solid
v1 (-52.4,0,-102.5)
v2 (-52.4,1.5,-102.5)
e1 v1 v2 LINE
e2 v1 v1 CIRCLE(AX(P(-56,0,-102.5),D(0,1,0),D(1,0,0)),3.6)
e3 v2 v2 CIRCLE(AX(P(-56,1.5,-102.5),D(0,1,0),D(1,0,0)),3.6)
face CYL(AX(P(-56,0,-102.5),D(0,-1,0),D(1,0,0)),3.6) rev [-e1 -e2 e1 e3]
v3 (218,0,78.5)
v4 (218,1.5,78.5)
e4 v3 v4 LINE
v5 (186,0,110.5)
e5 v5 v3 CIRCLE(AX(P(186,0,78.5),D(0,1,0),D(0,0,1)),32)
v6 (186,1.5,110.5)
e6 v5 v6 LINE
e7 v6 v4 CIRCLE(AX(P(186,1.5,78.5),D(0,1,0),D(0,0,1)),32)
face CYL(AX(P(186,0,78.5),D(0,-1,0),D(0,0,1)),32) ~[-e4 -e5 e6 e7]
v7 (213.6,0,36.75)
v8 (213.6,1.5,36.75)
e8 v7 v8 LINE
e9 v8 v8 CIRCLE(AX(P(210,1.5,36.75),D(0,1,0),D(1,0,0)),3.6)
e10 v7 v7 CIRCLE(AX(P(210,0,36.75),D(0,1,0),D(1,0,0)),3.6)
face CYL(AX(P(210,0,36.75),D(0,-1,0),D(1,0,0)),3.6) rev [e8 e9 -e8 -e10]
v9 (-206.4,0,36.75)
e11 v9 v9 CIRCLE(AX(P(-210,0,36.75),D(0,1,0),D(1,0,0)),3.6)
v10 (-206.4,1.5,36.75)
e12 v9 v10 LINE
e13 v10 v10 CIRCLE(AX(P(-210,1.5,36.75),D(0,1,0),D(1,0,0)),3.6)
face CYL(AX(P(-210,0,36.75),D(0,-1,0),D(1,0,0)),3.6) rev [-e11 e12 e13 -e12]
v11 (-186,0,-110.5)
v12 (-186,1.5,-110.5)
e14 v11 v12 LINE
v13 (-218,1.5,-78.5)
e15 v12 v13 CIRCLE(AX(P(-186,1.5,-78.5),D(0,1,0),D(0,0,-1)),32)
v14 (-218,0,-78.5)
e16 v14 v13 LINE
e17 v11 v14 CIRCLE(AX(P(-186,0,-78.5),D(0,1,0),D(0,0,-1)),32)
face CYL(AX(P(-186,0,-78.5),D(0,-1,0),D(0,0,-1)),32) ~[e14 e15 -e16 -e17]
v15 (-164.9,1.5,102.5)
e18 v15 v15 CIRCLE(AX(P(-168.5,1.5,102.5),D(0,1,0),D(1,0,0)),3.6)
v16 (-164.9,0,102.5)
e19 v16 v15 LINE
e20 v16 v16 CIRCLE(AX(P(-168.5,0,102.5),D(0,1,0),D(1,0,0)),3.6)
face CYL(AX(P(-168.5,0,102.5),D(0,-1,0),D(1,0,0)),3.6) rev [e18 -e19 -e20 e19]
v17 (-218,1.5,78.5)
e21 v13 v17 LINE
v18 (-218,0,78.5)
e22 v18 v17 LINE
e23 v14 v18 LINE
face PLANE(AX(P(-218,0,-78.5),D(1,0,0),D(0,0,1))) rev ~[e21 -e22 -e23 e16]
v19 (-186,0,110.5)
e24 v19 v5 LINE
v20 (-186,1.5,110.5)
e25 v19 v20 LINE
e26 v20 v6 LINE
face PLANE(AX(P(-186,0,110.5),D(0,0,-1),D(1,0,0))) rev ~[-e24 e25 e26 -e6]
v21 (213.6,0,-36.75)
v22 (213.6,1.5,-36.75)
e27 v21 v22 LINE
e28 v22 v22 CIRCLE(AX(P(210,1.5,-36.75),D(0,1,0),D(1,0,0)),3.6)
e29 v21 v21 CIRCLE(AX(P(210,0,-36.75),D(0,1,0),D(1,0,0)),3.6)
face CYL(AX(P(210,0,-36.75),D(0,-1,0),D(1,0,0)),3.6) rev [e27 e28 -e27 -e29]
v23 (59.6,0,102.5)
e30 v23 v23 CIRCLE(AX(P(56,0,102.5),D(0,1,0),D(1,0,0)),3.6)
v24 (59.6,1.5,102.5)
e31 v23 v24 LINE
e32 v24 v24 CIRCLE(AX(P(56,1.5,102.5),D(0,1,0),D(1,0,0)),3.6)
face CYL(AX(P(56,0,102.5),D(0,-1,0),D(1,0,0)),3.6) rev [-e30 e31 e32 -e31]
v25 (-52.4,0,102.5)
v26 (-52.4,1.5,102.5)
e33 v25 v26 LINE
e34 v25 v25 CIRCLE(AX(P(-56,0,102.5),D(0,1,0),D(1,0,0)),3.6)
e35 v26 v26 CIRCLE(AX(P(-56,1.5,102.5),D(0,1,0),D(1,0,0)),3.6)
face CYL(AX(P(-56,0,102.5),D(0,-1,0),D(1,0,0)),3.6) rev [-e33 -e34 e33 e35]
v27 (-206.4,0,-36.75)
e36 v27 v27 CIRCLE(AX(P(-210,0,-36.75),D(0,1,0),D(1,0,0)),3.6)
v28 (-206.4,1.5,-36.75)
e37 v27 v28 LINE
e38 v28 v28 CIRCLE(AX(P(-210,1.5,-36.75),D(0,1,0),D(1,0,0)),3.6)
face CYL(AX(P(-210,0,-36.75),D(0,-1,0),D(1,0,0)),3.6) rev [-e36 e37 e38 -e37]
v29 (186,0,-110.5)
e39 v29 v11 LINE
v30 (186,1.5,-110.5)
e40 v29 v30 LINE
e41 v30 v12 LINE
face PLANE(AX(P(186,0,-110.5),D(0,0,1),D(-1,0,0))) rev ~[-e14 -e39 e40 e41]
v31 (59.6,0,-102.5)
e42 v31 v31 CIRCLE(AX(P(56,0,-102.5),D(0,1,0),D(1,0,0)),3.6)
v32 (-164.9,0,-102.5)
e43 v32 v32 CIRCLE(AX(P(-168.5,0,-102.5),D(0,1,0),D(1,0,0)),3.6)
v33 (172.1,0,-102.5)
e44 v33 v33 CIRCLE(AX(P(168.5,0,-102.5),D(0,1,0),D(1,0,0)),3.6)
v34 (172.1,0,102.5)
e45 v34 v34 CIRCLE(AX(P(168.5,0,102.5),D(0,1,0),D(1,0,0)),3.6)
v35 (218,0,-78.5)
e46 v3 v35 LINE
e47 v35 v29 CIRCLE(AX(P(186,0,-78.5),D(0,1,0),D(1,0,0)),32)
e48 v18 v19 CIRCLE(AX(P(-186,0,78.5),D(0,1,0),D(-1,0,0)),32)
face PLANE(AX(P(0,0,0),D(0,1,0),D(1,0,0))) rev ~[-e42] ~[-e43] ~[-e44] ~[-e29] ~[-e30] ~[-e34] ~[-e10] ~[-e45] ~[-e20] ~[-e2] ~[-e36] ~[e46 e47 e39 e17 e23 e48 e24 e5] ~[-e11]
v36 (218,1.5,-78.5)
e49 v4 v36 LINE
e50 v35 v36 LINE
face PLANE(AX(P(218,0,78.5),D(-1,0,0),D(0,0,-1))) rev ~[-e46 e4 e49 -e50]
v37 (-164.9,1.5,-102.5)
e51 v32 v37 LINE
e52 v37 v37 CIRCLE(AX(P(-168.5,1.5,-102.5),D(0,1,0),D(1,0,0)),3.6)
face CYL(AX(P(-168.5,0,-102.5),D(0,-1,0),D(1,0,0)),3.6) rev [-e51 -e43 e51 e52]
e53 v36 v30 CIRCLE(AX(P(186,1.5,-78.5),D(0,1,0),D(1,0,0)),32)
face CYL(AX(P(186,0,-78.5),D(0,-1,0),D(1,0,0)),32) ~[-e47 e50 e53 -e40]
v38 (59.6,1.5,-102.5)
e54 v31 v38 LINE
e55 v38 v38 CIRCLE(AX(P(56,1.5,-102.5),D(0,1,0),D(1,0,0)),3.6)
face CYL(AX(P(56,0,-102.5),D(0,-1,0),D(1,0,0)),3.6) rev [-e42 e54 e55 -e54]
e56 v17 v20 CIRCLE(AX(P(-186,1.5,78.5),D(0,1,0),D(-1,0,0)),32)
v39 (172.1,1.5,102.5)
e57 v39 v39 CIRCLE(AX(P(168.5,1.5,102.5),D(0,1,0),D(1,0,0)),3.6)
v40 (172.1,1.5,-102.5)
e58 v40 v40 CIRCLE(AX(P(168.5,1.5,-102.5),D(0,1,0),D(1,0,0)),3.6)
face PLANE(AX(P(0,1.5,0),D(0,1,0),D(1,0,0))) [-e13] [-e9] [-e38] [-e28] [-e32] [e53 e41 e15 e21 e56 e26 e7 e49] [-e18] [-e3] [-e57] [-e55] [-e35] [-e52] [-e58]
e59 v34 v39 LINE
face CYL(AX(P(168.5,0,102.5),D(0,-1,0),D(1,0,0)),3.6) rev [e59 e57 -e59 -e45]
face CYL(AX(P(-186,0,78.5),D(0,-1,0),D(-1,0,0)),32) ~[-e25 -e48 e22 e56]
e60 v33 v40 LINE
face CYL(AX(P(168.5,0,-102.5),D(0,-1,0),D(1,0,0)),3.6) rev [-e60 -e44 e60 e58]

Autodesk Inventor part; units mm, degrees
sketch "Sketch_1" plane through (0, 0, 0) normal (0, 1, 0) x (1, 0, 0)
  arc A0 (-218, -78.5) -> (-186, -110.5) centre (-186, -78.5) ccw
  line L0 (-186, -110.5) -> (186, -110.5)
  arc A1 (186, -110.5) -> (218, -78.5) centre (186, -78.5) ccw
  line L1 (218, -78.5) -> (218, 78.5)
  arc A2 (218, 78.5) -> (186, 110.5) centre (186, 78.5) ccw
  line L2 (186, 110.5) -> (-186, 110.5)
  arc A3 (-186, 110.5) -> (-218, 78.5) centre (-186, 78.5) ccw
  line L3 (-218, 78.5) -> (-218, -78.5)
  circle A4 centre (210, -36.75) radius 3.6
  circle A5 centre (210, 36.75) radius 3.6
  circle A6 centre (168.5, -102.5) radius 3.6
  circle A7 centre (168.5, 102.5) radius 3.6
  circle A8 centre (56, -102.5) radius 3.6
  circle A9 centre (56, 102.5) radius 3.6
  circle A10 centre (-56, -102.5) radius 3.6
  circle A11 centre (-56, 102.5) radius 3.6
  circle A12 centre (-168.5, -102.5) radius 3.6
  circle A13 centre (-168.5, 102.5) radius 3.6
  circle A14 centre (-210, -36.75) radius 3.6
  circle A15 centre (-210, 36.75) radius 3.6
extrude "Extrusion1" add sketch "Sketch_1" along normal blind 1.5
ref_plane "FP_XY" through (0, 0, 0) normal (0, -1, 0) x (1, 0, 0)
ref_plane "FP_YZ" through (0, 0, 0) normal (1, 0, 0) x (0, 0, 1)
ref_plane "FP_ZX" through (0, 0, 0) normal (0, 0, 1) x (0, -1, 0)
ref_plane "to_Bolt_1_XY" through (-210, 0, -36.75) normal (0, 1, 0) x (1, 0, 0)
ref_plane "to_Bolt_1_YZ" through (-210, 0, -36.75) normal (1, 0, 0) x (0, 0, -1)
ref_plane "to_Bolt_1_ZX" through (-210, 0, -36.75) normal (0, 0, -1) x (0, 1, 0)
ref_plane "to_Bolt_1_1_XY" through (-168.5, 0, -102.5) normal (0, 1, 0) x (1, 0, 0)
ref_plane "to_Bolt_1_1_YZ" through (-168.5, 0, -102.5) normal (1, 0, 0) x (0, 0, -1)
ref_plane "to_Bolt_1_1_ZX" through (-168.5, 0, -102.5) normal (0, 0, -1) x (0, 1, 0)
ref_plane "to_Bolt_1_2_XY" through (-56.1667, 0, -102.5) normal (0, 1, 0) x (1, 0, 0)
ref_plane "to_Bolt_1_2_YZ" through (-56.1667, 0, -102.5) normal (1, 0, 0) x (0, 0, -1)
ref_plane "to_Bolt_1_2_ZX" through (-56.1667, 0, -102.5) normal (0, 0, -1) x (0, 1, 0)
ref_plane "to_Bolt_1_3_XY" through (56.1667, 0, -102.5) normal (0, 1, 0) x (1, 0, 0)
ref_plane "to_Bolt_1_3_YZ" through (56.1667, 0, -102.5) normal (1, 0, 0) x (0, 0, -1)
ref_plane "to_Bolt_1_3_ZX" through (56.1667, 0, -102.5) normal (0, 0, -1) x (0, 1, 0)
ref_plane "to_Bolt_1_4_XY" through (168.5, 0, -102.5) normal (0, 1, 0) x (1, 0, 0)
ref_plane "to_Bolt_1_4_YZ" through (168.5, 0, -102.5) normal (1, 0, 0) x (0, 0, -1)
ref_plane "to_Bolt_1_4_ZX" through (168.5, 0, -102.5) normal (0, 0, -1) x (0, 1, 0)
ref_plane "to_Bolt_1_5_XY" through (-168.5, 0, 102.5) normal (0, 1, 0) x (1, 0, 0)
ref_plane "to_Bolt_1_5_YZ" through (-168.5, 0, 102.5) normal (1, 0, 0) x (0, 0, -1)
ref_plane "to_Bolt_1_5_ZX" through (-168.5, 0, 102.5) normal (0, 0, -1) x (0, 1, 0)
ref_plane "to_Bolt_1_6_XY" through (-56.1667, 0, 102.5) normal (0, 1, 0) x (1, 0, 0)
ref_plane "to_Bolt_1_6_YZ" through (-56.1667, 0, 102.5) normal (1, 0, 0) x (0, 0, -1)
ref_plane "to_Bolt_1_6_ZX" through (-56.1667, 0, 102.5) normal (0, 0, -1) x (0, 1, 0)
ref_plane "to_Bolt_1_7_XY" through (56.1667, 0, 102.5) normal (0, 1, 0) x (1, 0, 0)
ref_plane "to_Bolt_1_7_YZ" through (56.1667, 0, 102.5) normal (1, 0, 0) x (0, 0, -1)
ref_plane "to_Bolt_1_7_ZX" through (56.1667, 0, 102.5) normal (0, 0, -1) x (0, 1, 0)
ref_plane "to_Bolt_1_8_XY" through (168.5, 0, 102.5) normal (0, 1, 0) x (1, 0, 0)
ref_plane "to_Bolt_1_8_YZ" through (168.5, 0, 102.5) normal (1, 0, 0) x (0, 0, -1)
ref_plane "to_Bolt_1_8_ZX" through (168.5, 0, 102.5) normal (0, 0, -1) x (0, 1, 0)
ref_plane "to_Bolt_2_XY" through (210, 0, -36.75) normal (0, 1, 0) x (1, 0, 0)
ref_plane "to_Bolt_2_YZ" through (210, 0, -36.75) normal (1, 0, 0) x (0, 0, -1)
ref_plane "to_Bolt_2_ZX" through (210, 0, -36.75) normal (0, 0, -1) x (0, 1, 0)
ref_plane "to_Bolt_3_XY" through (-210, 0, 36.75) normal (0, 1, 0) x (1, 0, 0)
ref_plane "to_Bolt_3_YZ" through (-210, 0, 36.75) normal (1, 0, 0) x (0, 0, -1)
ref_plane "to_Bolt_3_ZX" through (-210, 0, 36.75) normal (0, 0, -1) x (0, 1, 0)
ref_plane "to_Bolt_4_XY" through (210, 0, 36.75) normal (0, 1, 0) x (1, 0, 0)
ref_plane "to_Bolt_4_YZ" through (210, 0, 36.75) normal (1, 0, 0) x (0, 0, -1)
ref_plane "to_Bolt_4_ZX" through (210, 0, 36.75) normal (0, 0, -1) x (0, 1, 0)
properties part number "1XX1_04_00_1(1)_P5"
